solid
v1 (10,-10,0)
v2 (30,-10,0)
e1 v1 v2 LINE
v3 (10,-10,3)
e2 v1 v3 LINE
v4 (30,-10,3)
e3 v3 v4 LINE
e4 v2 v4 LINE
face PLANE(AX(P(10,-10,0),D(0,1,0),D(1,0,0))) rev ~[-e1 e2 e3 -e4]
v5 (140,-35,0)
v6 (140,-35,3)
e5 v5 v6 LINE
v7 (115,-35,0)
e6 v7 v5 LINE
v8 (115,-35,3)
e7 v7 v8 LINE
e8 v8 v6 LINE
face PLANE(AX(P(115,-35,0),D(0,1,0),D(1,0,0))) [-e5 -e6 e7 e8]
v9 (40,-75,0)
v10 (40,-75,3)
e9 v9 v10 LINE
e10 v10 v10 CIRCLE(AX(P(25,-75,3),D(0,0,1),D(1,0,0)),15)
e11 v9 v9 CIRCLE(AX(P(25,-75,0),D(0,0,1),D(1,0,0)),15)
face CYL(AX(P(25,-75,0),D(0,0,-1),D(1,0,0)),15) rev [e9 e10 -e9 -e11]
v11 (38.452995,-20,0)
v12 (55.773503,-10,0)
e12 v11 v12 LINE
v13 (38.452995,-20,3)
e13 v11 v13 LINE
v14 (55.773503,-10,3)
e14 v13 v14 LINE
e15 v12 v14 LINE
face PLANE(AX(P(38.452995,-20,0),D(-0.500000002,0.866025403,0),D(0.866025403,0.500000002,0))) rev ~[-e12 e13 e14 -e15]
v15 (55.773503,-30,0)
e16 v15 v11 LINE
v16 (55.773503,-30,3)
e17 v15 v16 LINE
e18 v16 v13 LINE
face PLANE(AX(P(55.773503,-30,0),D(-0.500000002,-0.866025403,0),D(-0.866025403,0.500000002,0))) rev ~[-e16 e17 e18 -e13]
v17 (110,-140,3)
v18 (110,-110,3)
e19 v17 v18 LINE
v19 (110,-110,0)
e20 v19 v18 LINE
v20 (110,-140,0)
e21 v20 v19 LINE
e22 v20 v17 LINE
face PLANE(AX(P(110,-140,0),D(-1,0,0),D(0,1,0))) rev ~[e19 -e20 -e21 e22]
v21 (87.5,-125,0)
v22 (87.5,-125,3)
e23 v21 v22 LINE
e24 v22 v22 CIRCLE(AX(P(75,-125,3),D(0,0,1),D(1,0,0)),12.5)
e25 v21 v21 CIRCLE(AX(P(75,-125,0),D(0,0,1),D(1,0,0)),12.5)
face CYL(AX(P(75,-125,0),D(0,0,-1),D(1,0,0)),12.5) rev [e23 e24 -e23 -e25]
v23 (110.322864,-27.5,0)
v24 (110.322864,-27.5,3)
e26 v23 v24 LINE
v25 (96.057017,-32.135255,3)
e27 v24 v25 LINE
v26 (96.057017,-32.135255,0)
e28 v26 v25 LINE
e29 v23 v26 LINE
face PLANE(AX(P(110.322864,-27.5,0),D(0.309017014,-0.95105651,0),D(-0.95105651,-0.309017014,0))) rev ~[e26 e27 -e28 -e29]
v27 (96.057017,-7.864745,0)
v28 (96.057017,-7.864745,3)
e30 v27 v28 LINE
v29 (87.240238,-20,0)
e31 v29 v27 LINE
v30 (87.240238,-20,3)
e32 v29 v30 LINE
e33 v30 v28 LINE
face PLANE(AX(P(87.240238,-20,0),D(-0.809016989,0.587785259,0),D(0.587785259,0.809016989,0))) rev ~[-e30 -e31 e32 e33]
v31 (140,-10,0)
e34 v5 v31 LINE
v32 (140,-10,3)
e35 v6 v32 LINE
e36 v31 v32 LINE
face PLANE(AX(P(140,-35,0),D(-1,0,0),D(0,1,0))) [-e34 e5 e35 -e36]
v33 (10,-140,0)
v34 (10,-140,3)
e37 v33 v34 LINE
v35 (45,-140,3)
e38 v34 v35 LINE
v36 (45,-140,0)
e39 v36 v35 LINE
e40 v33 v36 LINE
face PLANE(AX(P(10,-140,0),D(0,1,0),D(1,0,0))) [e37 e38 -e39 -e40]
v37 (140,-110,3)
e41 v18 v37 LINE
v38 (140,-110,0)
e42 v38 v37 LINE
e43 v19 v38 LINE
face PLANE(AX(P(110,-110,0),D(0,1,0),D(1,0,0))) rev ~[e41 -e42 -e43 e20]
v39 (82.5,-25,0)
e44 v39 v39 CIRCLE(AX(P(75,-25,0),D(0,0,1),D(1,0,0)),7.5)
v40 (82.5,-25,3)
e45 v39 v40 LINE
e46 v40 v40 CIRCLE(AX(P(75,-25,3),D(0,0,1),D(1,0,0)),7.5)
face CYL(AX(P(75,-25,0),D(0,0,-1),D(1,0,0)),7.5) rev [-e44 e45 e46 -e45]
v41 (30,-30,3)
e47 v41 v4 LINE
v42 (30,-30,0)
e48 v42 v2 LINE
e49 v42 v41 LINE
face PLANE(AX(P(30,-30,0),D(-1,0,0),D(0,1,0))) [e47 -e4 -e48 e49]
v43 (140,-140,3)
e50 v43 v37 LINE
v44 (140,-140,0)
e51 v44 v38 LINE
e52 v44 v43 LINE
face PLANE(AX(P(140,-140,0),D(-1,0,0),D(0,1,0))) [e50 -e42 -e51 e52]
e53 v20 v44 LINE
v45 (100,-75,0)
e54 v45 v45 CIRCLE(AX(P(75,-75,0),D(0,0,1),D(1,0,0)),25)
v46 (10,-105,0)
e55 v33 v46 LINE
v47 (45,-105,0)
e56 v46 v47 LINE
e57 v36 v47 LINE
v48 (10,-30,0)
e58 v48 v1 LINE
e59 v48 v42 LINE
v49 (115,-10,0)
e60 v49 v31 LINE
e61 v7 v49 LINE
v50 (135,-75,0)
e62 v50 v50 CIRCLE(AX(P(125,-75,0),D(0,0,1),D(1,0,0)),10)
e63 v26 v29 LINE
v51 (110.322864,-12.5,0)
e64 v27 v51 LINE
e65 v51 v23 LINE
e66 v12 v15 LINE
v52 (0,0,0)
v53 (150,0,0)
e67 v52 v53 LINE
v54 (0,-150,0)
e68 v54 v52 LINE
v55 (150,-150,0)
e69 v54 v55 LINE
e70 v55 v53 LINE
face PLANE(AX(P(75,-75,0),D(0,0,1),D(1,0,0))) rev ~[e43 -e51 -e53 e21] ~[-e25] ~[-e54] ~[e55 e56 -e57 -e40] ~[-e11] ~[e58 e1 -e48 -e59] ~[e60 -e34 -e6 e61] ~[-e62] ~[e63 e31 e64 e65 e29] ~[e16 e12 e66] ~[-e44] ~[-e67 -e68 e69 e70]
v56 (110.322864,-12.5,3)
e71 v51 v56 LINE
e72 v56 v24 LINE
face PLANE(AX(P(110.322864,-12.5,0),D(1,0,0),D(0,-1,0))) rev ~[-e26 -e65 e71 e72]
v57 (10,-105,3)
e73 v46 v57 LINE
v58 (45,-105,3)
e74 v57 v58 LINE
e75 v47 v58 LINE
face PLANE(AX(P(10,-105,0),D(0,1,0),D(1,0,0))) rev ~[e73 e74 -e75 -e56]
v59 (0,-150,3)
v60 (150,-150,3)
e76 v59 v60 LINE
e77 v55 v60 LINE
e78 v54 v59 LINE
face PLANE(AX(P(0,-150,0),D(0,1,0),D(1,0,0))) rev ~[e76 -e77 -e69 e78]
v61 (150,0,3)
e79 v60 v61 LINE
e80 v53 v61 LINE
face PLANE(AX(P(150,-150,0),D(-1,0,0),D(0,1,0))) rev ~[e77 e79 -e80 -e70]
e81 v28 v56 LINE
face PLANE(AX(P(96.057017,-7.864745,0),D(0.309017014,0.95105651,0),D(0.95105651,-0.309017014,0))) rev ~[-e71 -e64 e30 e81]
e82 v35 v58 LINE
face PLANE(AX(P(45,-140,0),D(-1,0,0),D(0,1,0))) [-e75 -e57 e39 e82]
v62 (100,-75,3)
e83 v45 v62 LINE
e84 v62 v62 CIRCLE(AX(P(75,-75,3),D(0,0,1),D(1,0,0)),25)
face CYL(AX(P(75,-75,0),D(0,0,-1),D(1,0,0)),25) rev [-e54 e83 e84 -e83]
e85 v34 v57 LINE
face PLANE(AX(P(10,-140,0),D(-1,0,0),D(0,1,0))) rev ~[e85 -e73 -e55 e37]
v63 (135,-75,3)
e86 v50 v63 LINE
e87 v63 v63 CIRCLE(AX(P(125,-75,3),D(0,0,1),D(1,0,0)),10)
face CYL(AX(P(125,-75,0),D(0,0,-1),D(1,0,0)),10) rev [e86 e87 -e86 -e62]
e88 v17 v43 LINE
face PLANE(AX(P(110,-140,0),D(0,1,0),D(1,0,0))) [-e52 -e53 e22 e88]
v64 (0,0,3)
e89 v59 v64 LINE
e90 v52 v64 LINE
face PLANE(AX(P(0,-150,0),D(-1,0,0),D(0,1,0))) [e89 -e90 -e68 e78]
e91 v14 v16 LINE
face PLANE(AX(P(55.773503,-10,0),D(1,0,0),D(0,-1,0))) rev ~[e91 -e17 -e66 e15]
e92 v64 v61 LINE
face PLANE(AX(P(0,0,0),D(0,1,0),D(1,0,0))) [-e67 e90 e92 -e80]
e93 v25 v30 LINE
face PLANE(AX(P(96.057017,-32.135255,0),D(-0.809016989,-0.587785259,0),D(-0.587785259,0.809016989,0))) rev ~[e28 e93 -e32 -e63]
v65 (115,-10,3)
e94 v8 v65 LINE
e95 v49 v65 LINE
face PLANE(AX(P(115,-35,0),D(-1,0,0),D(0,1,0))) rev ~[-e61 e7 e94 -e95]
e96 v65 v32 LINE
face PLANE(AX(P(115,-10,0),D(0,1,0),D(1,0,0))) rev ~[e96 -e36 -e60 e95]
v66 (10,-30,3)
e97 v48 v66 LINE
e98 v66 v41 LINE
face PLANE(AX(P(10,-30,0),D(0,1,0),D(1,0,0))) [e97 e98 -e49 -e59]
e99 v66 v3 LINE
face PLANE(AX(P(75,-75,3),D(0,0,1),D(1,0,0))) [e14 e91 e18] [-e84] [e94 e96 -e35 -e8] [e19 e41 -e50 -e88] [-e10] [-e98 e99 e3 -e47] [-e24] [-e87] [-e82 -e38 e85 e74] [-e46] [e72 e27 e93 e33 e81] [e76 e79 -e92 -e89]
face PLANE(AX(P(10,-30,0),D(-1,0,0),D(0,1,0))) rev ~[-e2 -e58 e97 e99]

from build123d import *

# Parameters (mm, degrees)
F0_W     = 150
F0_H     = 150
F0_W_2   = 35
F0_H_2   = 35
F0_R     = 12.5
F0_W_3   = 30
F0_H_3   = 30
F0_R_2   = 15
F0_W_4   = 20
F0_H_4   = 20
F0_R_3   = 25
F0_R_4   = 10
F0_R_5   = 7.5
F0_W_5   = 25
F0_H_5   = 25
F1_DEPTH = 3


with BuildPart() as f1:
    # F0 (on Top) → F1 (new body)
    with BuildSketch(Plane.XY):
        with Locations((75, -75)):
            Rectangle(F0_W, F0_H)
        with Locations((27.5, -122.5)):
            Rectangle(F0_W_2, F0_H_2, mode=Mode.SUBTRACT)
        with Locations((75, -125)):
            Circle(F0_R, mode=Mode.SUBTRACT)
        with Locations((125, -125)):
            Rectangle(F0_W_3, F0_H_3, mode=Mode.SUBTRACT)
        with Locations((25, -75)):
            Circle(F0_R_2, mode=Mode.SUBTRACT)
        with Locations((20, -20)):
            Rectangle(F0_W_4, F0_H_4, mode=Mode.SUBTRACT)
        Polygon((38.452995, -20), (55.773503, -10), (55.773503, -30), align=None, mode=Mode.SUBTRACT)
        with Locations((75, -75)):
            Circle(F0_R_3, mode=Mode.SUBTRACT)
        with Locations((125, -75)):
            Circle(F0_R_4, mode=Mode.SUBTRACT)
        with Locations((75, -25)):
            Circle(F0_R_5, mode=Mode.SUBTRACT)
        Polygon((96.057017, -7.864745), (110.322864, -12.5), (110.322864, -27.5), (96.057017, -32.135255), (87.240238, -20), align=None, mode=Mode.SUBTRACT)
        with Locations((127.5, -22.5)):
            Rectangle(F0_W_5, F0_H_5, mode=Mode.SUBTRACT)
    extrude(amount=F1_DEPTH)


solid = f1.part
